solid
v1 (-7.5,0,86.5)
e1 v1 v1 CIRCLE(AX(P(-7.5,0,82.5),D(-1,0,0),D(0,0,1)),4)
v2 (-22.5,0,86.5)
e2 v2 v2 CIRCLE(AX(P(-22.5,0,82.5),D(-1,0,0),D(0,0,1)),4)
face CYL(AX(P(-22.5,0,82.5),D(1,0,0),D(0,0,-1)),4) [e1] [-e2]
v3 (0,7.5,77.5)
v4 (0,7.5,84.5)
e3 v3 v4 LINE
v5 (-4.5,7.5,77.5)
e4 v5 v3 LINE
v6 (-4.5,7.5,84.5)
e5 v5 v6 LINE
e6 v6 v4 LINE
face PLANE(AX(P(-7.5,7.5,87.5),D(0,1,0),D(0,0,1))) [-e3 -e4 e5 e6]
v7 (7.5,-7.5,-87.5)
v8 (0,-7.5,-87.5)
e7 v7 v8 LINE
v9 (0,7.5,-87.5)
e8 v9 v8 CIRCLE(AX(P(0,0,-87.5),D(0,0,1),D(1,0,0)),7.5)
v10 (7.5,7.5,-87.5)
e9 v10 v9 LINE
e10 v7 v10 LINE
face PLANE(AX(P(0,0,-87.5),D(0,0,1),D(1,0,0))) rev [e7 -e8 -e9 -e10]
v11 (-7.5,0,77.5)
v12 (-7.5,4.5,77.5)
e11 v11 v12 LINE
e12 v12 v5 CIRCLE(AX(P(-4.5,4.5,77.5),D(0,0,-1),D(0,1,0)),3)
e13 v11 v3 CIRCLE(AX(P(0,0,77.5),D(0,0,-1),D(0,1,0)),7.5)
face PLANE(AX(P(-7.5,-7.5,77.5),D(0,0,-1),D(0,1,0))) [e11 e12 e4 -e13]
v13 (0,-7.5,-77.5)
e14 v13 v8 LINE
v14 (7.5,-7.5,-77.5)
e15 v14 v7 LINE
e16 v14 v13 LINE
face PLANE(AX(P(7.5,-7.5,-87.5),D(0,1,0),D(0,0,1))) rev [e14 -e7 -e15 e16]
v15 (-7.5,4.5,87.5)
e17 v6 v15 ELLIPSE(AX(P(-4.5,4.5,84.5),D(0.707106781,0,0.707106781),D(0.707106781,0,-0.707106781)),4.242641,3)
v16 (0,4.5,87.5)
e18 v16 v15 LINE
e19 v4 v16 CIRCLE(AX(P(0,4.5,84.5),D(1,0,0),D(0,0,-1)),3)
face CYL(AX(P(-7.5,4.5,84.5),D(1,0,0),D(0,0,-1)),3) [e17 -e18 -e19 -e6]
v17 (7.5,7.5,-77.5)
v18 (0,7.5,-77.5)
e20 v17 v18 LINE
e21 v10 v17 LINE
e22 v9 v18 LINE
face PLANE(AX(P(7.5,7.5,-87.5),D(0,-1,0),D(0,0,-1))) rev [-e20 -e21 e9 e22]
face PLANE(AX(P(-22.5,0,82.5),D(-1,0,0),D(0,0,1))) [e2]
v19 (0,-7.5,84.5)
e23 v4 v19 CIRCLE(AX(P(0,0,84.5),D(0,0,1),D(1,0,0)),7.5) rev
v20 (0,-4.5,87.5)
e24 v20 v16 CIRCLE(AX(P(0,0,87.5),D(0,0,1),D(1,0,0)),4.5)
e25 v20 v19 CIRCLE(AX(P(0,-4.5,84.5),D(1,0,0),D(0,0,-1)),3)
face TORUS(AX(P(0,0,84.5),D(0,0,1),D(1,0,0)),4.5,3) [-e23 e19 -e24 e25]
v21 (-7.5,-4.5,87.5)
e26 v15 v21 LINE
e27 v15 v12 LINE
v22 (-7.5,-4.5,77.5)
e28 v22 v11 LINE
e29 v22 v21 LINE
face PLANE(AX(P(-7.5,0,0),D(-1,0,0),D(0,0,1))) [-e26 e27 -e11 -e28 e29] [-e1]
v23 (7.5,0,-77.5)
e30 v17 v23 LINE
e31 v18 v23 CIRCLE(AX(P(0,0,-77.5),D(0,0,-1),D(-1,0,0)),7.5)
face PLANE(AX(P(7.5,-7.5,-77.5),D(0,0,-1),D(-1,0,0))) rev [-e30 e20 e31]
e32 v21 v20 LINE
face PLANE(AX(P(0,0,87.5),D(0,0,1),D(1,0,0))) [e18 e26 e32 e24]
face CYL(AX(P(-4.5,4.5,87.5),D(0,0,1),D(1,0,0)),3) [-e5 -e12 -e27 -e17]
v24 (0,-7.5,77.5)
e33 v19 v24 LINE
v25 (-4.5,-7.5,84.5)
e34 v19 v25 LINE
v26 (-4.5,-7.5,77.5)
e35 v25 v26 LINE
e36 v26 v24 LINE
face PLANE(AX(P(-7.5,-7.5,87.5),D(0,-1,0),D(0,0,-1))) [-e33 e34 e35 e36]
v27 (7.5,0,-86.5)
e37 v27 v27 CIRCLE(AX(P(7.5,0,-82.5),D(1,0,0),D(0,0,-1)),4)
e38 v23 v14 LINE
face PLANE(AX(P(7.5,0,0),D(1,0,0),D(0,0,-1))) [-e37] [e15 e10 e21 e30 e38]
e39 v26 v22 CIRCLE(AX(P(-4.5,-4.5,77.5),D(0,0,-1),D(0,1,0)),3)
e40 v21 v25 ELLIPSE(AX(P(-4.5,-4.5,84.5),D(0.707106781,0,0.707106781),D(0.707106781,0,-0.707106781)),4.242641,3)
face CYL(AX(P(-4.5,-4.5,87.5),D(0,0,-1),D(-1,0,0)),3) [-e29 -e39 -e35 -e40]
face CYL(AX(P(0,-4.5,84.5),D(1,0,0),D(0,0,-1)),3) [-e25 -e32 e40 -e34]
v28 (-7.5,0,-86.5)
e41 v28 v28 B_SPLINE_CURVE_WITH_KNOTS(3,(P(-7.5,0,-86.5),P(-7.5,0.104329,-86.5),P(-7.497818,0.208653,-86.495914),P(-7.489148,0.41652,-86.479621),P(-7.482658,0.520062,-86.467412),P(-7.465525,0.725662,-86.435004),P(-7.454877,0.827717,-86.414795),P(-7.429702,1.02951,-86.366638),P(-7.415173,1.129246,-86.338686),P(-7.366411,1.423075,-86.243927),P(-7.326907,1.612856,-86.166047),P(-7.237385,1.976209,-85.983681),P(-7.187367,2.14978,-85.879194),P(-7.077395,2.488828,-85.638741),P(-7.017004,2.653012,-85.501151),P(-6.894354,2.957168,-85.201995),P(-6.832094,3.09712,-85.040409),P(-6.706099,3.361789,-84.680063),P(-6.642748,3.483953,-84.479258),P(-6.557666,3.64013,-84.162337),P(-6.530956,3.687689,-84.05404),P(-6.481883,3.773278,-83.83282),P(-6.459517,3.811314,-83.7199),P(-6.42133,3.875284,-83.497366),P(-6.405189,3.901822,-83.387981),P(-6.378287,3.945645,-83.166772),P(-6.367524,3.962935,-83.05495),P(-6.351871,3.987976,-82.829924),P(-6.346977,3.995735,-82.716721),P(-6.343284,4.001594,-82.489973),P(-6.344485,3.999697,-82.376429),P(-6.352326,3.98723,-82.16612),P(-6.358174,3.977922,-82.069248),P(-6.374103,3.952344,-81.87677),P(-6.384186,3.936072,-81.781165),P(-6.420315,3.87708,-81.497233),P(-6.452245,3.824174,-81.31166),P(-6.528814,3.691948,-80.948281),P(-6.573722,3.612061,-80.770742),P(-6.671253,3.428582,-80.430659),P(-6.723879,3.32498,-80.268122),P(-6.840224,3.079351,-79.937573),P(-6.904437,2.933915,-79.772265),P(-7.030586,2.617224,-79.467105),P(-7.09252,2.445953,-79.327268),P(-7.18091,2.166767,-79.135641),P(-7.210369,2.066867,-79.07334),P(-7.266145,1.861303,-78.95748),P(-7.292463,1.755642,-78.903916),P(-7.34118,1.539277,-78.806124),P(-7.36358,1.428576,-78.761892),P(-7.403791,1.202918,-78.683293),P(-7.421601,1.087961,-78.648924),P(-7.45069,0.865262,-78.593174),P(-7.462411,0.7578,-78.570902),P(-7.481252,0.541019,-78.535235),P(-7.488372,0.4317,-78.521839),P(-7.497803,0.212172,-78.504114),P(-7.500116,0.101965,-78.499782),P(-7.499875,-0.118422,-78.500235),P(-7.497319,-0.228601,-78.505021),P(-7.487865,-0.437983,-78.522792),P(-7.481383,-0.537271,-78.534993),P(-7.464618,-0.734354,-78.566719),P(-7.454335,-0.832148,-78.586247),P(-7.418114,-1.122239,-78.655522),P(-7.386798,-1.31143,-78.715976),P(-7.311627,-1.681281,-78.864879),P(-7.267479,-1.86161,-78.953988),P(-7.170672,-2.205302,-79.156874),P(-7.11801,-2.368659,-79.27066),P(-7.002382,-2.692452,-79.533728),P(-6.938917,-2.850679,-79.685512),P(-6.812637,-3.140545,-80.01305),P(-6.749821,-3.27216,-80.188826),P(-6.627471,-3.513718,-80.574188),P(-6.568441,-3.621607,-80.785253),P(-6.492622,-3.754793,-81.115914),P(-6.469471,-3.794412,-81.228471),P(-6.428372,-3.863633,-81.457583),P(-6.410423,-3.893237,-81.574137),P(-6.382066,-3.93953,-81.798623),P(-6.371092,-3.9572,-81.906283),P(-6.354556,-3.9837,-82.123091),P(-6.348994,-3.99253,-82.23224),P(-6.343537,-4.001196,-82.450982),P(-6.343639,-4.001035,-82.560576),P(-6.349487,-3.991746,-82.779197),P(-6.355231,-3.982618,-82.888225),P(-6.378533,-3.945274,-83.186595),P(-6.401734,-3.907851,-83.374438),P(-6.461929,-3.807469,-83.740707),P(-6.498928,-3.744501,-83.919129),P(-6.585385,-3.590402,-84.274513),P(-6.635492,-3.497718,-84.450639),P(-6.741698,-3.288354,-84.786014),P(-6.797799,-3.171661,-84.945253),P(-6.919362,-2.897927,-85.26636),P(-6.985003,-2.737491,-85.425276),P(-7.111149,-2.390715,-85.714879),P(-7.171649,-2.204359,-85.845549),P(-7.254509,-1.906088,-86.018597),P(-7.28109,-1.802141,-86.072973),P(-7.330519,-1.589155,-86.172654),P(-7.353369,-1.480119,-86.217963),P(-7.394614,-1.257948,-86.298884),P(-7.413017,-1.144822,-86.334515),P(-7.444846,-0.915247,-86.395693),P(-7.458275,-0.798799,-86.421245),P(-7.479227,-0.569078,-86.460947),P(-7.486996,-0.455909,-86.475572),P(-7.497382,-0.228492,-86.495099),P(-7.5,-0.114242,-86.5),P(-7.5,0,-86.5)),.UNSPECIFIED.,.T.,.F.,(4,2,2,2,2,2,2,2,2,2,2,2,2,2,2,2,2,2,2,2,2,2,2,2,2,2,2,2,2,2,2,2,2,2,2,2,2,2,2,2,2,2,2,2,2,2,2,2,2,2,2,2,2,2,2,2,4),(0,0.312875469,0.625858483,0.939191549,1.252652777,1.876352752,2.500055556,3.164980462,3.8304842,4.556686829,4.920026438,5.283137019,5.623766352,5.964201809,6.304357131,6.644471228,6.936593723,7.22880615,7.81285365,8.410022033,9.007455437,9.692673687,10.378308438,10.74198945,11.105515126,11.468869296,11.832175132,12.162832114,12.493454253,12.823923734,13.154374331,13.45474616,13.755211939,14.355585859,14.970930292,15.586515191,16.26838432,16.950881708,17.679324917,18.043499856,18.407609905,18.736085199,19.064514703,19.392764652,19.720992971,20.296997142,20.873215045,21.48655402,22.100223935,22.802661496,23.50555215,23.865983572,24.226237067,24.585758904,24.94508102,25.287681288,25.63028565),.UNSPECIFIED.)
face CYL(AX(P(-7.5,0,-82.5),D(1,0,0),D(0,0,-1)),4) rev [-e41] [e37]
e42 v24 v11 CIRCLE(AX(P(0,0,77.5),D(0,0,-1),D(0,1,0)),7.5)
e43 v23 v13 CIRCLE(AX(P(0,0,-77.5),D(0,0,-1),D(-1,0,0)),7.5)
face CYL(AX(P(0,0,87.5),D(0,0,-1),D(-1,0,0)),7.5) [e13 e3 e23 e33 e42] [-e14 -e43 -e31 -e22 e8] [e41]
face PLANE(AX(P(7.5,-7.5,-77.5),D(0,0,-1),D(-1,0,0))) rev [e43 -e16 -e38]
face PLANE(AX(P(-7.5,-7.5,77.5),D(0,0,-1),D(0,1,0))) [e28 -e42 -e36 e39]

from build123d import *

# Parameters (mm, degrees)
SKETCH_1_R          = 7.5
EXTRUDE_1_DEPTH     = 87.5
SKETCH_2_W          = 10
SKETCH_2_H          = 15
EXTRUDE_2_DEPTH     = 7.5
SKETCH_3_R          = 4
EXTRUDE_3_DEPTH     = 15
SKETCH_4_W          = 10
SKETCH_4_H          = 15
EXTRUDE_4_DEPTH     = 7.5
SKETCH_5_R          = 4
CUT_EXTRUDE_1_DEPTH = 15
FILLET_1_R          = 3


with BuildPart() as part:
    # 草图1 → 凸台-拉伸1 (new, symmetric)
    with BuildSketch(Plane.XY):
        Circle(SKETCH_1_R)
    extrude(amount=EXTRUDE_1_DEPTH, both=True)

    # 草图2 → 凸台-拉伸2 (add)
    with BuildSketch(Plane(origin=(0, 0, 0), x_dir=(0, 0, -1), z_dir=(1, 0, 0))):
        with Locations((-82.5, 0)):
            Rectangle(SKETCH_2_W, SKETCH_2_H)
    extrude(amount=-EXTRUDE_2_DEPTH)

    # 草图3 → 凸台-拉伸3 (add)
    with BuildSketch(Plane.ZY.offset(7.5)):
        with Locations((82.5, 0)):
            Circle(SKETCH_3_R)
    extrude(amount=EXTRUDE_3_DEPTH)

    # 草图4 → 凸台-拉伸4 (add)
    with BuildSketch(Plane(origin=(0, 0, 0), x_dir=(0, 0, -1), z_dir=(1, 0, 0))):
        with Locations((82.5, 0)):
            Rectangle(SKETCH_4_W, SKETCH_4_H)
    extrude(amount=EXTRUDE_4_DEPTH)

    # 草图5 → 切除-拉伸1 (cut)
    with BuildSketch(Plane(origin=(7.5, 0, 0), x_dir=(0, 0, -1), z_dir=(1, 0, 0))):
        with Locations((82.5, 0)):
            Circle(SKETCH_5_R)
    extrude(amount=-CUT_EXTRUDE_1_DEPTH, mode=Mode.SUBTRACT)

    # 圆角1
    fillet_1_edges = [part.edges().sort_by_distance(p)[0] for p in [
        (-3.75, -7.5, 87.5),
        (-7.5, 7.5, 82.5),
        (-3.75, 7.5, 87.5),
        (-7.5, -7.5, 82.5),
        (5.303300859, -5.303300859, 87.5),
    ]]
    fillet(fillet_1_edges, radius=FILLET_1_R)


solid = part.part
